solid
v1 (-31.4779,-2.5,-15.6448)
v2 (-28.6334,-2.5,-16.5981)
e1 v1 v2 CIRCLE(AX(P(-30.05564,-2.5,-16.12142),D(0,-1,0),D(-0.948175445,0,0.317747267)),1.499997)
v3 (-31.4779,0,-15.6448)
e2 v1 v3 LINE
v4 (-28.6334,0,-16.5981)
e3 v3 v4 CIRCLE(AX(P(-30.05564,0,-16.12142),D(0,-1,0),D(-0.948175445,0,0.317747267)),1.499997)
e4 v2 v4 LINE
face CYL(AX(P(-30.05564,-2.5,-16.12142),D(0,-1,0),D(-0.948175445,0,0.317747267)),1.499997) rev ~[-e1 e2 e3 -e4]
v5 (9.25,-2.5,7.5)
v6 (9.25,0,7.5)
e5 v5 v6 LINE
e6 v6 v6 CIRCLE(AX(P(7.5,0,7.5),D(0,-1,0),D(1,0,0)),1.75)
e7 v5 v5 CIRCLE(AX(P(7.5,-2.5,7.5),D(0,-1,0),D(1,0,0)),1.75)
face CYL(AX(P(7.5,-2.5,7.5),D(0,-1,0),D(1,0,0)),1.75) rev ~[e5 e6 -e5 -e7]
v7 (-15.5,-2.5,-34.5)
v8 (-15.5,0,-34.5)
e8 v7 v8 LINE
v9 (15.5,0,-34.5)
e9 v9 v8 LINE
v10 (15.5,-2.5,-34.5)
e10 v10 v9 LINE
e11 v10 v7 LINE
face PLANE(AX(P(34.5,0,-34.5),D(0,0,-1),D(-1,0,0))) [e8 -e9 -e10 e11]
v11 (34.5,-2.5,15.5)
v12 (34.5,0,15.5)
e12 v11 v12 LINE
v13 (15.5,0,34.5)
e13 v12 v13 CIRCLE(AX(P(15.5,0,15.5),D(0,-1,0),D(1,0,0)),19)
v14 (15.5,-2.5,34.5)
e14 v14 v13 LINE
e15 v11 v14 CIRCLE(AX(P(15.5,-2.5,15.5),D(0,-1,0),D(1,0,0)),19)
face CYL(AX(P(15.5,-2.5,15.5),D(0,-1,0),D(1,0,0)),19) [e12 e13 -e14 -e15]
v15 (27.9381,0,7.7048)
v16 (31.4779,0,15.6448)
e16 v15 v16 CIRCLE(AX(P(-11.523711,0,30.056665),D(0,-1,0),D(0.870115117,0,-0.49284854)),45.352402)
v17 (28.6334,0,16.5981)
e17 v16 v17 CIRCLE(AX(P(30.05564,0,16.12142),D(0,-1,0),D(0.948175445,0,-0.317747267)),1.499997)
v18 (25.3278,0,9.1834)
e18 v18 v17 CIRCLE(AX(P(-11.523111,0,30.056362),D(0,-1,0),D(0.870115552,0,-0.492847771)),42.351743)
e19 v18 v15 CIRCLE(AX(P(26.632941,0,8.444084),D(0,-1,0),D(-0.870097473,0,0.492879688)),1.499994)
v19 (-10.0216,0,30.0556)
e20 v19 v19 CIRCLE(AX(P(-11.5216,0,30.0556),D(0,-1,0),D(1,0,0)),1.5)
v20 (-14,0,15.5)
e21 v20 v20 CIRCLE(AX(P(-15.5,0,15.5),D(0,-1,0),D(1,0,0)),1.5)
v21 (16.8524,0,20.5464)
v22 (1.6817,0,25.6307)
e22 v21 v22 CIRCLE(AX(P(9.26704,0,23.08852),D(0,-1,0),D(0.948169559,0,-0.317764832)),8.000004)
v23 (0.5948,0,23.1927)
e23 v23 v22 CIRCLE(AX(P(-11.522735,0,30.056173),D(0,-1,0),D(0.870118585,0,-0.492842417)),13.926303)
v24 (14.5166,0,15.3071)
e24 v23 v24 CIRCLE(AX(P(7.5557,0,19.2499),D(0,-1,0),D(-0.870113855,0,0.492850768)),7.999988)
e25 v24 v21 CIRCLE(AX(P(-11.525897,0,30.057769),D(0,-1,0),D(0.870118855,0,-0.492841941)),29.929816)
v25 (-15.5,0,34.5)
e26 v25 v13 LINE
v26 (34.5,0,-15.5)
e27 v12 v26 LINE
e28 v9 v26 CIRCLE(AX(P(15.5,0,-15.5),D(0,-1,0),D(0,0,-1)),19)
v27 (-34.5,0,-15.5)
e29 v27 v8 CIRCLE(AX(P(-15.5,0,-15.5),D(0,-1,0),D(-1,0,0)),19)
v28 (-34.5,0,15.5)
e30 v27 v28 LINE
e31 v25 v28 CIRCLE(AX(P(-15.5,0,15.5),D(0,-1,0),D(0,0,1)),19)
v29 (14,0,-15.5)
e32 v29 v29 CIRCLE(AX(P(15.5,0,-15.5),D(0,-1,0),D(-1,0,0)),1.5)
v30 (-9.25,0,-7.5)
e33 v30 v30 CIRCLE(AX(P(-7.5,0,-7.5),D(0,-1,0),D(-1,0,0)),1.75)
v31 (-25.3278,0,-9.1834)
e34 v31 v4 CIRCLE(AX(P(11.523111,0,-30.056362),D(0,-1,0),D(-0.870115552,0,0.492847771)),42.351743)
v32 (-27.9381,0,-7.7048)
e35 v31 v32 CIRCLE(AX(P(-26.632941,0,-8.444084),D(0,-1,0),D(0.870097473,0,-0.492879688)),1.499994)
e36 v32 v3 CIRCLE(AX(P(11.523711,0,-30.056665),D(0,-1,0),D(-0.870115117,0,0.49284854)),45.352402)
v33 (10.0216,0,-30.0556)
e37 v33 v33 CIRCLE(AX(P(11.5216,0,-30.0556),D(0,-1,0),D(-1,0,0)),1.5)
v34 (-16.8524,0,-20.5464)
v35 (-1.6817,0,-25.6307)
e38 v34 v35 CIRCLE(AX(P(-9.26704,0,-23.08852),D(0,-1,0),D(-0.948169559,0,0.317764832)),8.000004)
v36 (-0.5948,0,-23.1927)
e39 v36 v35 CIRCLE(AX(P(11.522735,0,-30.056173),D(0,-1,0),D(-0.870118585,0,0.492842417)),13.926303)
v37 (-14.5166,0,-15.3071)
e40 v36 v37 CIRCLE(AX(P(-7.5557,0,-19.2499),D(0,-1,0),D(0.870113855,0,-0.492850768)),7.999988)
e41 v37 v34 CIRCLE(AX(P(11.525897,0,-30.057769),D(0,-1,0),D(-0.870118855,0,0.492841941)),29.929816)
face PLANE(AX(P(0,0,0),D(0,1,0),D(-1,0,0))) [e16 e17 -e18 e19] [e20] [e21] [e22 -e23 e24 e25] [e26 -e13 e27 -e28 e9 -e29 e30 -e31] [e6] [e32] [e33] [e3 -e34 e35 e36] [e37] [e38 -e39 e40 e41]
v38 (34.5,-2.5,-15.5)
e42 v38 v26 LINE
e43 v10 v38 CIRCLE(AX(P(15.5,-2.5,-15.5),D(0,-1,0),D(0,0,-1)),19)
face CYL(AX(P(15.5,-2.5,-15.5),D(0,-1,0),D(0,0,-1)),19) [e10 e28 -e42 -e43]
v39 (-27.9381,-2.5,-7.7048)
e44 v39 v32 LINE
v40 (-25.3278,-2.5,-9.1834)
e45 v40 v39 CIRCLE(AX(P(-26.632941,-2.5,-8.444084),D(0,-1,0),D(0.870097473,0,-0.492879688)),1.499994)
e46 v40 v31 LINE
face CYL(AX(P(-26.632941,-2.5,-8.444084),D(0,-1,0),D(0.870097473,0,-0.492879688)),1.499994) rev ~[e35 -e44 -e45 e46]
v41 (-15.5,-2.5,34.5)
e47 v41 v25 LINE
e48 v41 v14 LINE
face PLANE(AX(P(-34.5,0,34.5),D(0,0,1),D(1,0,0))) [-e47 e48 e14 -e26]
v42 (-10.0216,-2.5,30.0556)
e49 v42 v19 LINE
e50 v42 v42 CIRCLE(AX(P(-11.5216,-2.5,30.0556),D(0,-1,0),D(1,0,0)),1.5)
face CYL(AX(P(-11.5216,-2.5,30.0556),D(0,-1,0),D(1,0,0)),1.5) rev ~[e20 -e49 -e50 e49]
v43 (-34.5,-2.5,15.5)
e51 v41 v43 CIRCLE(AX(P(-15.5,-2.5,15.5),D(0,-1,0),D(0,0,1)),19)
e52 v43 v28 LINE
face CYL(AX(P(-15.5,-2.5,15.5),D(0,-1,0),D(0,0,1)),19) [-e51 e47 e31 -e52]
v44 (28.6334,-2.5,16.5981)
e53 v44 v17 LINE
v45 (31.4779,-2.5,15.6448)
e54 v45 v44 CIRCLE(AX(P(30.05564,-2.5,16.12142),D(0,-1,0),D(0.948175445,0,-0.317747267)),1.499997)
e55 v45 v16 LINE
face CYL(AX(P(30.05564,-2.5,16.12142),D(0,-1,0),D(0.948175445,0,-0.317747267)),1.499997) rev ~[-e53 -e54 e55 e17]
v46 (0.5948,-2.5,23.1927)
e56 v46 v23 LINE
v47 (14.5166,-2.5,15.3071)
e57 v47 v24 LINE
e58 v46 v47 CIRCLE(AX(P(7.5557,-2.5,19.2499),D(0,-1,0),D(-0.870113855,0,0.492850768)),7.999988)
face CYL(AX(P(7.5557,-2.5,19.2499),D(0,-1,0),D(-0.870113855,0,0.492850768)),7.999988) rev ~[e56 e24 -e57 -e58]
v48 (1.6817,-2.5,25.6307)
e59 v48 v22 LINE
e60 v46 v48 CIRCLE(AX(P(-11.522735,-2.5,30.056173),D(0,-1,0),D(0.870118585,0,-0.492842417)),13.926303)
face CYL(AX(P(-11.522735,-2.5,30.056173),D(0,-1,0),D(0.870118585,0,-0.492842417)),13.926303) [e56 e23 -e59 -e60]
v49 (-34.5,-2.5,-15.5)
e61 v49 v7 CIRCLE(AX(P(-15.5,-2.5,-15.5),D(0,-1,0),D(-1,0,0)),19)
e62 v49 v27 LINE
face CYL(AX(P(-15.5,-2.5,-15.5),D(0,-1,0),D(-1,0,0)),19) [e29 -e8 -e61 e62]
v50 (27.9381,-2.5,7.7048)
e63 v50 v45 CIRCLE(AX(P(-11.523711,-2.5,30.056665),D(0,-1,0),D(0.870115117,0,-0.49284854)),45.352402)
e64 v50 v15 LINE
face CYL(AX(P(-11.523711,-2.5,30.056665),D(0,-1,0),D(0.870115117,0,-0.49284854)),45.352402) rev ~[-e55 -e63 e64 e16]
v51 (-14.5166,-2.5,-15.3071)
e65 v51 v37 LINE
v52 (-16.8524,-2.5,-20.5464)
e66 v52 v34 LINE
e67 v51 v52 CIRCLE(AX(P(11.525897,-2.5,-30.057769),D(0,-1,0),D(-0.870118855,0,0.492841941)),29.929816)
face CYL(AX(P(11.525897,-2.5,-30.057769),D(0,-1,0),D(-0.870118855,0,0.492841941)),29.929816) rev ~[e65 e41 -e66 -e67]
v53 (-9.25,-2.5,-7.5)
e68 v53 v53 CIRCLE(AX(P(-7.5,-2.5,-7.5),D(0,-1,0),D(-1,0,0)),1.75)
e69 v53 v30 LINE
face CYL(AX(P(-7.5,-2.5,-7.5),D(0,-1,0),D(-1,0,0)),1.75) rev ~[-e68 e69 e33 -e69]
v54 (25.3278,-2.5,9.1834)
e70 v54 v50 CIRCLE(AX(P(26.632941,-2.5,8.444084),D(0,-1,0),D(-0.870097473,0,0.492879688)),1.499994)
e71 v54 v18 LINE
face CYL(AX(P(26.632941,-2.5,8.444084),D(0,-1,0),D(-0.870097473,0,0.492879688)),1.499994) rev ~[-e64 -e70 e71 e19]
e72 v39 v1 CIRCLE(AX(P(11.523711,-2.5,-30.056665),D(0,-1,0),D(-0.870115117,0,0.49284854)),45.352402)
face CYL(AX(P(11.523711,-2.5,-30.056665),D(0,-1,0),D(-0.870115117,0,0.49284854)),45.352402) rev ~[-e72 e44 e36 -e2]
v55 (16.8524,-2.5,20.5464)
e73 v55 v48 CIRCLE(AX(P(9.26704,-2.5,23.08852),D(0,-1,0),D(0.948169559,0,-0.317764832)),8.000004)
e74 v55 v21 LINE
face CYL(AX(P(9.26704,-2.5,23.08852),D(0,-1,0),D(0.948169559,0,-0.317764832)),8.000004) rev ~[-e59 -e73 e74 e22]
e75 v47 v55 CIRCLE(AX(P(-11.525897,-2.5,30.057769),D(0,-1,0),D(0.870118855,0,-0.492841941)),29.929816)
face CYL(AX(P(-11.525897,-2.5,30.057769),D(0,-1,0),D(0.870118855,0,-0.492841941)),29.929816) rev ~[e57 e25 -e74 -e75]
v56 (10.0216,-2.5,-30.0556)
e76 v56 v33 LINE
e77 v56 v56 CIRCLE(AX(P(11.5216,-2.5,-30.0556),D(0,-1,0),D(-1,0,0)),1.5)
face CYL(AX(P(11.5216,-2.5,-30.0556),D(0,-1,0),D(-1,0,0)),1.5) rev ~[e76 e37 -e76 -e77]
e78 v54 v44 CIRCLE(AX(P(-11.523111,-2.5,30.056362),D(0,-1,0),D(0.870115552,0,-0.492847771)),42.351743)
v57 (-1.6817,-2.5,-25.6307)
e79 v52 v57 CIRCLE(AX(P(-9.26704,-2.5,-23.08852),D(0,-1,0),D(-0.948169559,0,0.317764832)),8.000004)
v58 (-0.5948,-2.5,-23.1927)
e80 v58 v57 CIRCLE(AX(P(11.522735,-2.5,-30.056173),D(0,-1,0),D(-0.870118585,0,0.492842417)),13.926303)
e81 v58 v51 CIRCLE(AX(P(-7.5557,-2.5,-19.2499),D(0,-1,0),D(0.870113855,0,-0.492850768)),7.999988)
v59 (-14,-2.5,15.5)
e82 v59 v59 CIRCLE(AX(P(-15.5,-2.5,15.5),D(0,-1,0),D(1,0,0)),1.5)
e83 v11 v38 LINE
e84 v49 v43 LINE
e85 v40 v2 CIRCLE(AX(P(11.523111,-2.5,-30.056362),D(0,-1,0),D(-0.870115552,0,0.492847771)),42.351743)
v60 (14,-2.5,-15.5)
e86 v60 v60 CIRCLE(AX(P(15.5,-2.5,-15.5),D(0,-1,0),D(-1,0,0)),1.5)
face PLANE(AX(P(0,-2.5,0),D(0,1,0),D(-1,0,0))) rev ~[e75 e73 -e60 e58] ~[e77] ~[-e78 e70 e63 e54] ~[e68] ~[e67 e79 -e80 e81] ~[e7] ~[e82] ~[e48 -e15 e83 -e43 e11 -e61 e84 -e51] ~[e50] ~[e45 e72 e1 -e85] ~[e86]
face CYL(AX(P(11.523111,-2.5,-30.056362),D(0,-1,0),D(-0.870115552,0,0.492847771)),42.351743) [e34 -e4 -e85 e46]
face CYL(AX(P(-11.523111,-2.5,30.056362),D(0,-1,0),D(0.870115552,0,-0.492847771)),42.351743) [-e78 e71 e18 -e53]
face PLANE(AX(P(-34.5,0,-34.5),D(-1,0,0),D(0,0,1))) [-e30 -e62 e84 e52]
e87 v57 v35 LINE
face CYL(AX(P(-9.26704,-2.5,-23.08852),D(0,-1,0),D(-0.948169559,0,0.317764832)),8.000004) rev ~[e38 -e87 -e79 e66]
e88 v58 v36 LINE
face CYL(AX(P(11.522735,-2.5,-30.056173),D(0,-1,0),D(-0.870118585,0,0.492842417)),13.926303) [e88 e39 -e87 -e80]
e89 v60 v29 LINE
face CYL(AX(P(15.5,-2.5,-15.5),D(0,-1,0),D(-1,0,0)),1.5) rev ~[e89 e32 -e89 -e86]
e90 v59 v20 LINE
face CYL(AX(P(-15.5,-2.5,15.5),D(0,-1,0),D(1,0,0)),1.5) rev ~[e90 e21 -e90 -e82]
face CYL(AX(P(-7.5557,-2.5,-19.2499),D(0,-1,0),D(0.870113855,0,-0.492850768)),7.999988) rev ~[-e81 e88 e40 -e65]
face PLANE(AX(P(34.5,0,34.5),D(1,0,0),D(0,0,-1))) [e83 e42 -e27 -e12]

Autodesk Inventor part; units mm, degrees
ref_plane "YZ Plane" through (0, 0, 0) normal (1, 0, 0) x (0, 1, 0)
ref_plane "XZ Plane" through (0, 0, 0) normal (0, 1, 0) x (-1, 0, 0)
ref_plane "XY Plane" through (0, 0, 0) normal (0, 0, 1) x (1, 0, 0)
sketch "Sketch1" plane through (0, 0, 0) normal (0, 1, 0) x (-1, 0, 0)
  line L0 (34.5, 34.5) -> (-34.5, 34.5)
  line L1 (-34.5, 34.5) -> (-34.5, -34.5)
  line L2 (-34.5, -34.5) -> (34.5, -34.5)
  line L3 (34.5, -34.5) -> (34.5, 34.5)
  point P0 (0, 0)
  point P1 (-34.5, 0)
  point P2 (0, 34.5)
  dimension "d0" = 69
extrude "Extrusion1" add sketch "Sketch1" against normal blind 2.5
sketch "Sketch2" plane through (0, -2.5, 0) normal (0, -1, 0) x (1, 0, 0)
  circle A0 centre (-15.5, 15.5) radius 19.9 construction
  line L0 (-15.5, 15.5) -> (15.5, -15.5) construction
  circle A1 centre (-15.5, 15.5) radius 1.5
  circle A2 centre (-11.5216, 30.0556) radius 1.5
  line L1 (-11.5216, 30.0556) -> (28.9823, 13.2551) construction
  arc A3 (26.633, 8.4441) -> (30.0556, 16.1214) centre (-11.5216, 30.0556) ccw construction
  arc A4 (27.9381, 7.7048) -> (31.4779, 15.6448) centre (-11.5216, 30.0556) ccw
  arc A5 (25.3278, 9.1834) -> (28.6334, 16.5981) centre (-11.5216, 30.0556) ccw
  arc A6 (31.4779, 15.6448) -> (28.6334, 16.5981) centre (30.0556, 16.1214) ccw
  arc A7 (25.3278, 9.1834) -> (27.9381, 7.7048) centre (26.633, 8.4441) ccw
  arc A8 (7.5557, 19.2499) -> (9.267, 23.0885) centre (-11.5216, 30.0556) ccw construction
  arc A9 (16.8524, 20.5464) -> (1.6817, 25.6307) centre (9.267, 23.0885) ccw
  arc A10 (0.5948, 23.1927) -> (14.5166, 15.3071) centre (7.5557, 19.2499) ccw
  arc A11 (14.5166, 15.3071) -> (16.8524, 20.5464) centre (-11.5216, 30.0556) ccw
  arc A12 (0.5948, 23.1927) -> (1.6817, 25.6307) centre (-11.5216, 30.0556) ccw
  circle A13 centre (7.5557, 19.2499) radius 18.25 construction
  line L2 (-11.5216, 31.5556) -> (-11.5216, 34.5) construction
  line L3 (34.5, 34.5) -> (-34.5, 34.5) projected
  line L4 (31.5556, 16.1214) -> (34.5, 16.1214) construction
  line L5 (34.5, -34.5) -> (34.5, 34.5) projected
  line L6 (0, 0) -> (7.5, 7.5) construction
  circle A14 centre (7.5, 7.5) radius 1.75
  line L7 (7.5178, 11.25) -> (7.5083, 9.25) construction
  line L8 (-34.5, 34.5) -> (-34.5, -34.5) projected
  arc A15 (-15.5, 34.5) -> (-34.5, 15.5) centre (-15.5, 15.5) ccw
  arc A16 (34.5, 15.5) -> (15.5, 34.5) centre (15.5, 15.5) ccw
  point P0 (8.7304, 21.6553)
  dimension "d5" = 3
  dimension "d18" = 3.5
  dimension "d3" = 39.8
  dimension "d4" = 3
  dimension "d6" = 43.85
  dimension "d7" = 7
  dimension "d8" = 4
  dimension "d10" = 7
  dimension "d11" = 4
  dimension "d12" = 16
  dimension "d13" = 36.5
  dimension "d14" = 25
  dimension "d15" = 15.5
  dimension "d16" = 15.5
  dimension "d17" = 7.5
  dimension "d19" = 2
extrude "Extrusion2" cut sketch "Sketch2" against normal through all
pattern_circular "Circular Pattern1" count 2 over 360 about axis through (0, -10, 0) along (0, 1, 0) of "Extrusion2"
equation "\"d10\" = d7"
equation "\"d11\" = d8"
equation "\"d16\" = d15"
properties part number "mount-plate_3DPrint"
